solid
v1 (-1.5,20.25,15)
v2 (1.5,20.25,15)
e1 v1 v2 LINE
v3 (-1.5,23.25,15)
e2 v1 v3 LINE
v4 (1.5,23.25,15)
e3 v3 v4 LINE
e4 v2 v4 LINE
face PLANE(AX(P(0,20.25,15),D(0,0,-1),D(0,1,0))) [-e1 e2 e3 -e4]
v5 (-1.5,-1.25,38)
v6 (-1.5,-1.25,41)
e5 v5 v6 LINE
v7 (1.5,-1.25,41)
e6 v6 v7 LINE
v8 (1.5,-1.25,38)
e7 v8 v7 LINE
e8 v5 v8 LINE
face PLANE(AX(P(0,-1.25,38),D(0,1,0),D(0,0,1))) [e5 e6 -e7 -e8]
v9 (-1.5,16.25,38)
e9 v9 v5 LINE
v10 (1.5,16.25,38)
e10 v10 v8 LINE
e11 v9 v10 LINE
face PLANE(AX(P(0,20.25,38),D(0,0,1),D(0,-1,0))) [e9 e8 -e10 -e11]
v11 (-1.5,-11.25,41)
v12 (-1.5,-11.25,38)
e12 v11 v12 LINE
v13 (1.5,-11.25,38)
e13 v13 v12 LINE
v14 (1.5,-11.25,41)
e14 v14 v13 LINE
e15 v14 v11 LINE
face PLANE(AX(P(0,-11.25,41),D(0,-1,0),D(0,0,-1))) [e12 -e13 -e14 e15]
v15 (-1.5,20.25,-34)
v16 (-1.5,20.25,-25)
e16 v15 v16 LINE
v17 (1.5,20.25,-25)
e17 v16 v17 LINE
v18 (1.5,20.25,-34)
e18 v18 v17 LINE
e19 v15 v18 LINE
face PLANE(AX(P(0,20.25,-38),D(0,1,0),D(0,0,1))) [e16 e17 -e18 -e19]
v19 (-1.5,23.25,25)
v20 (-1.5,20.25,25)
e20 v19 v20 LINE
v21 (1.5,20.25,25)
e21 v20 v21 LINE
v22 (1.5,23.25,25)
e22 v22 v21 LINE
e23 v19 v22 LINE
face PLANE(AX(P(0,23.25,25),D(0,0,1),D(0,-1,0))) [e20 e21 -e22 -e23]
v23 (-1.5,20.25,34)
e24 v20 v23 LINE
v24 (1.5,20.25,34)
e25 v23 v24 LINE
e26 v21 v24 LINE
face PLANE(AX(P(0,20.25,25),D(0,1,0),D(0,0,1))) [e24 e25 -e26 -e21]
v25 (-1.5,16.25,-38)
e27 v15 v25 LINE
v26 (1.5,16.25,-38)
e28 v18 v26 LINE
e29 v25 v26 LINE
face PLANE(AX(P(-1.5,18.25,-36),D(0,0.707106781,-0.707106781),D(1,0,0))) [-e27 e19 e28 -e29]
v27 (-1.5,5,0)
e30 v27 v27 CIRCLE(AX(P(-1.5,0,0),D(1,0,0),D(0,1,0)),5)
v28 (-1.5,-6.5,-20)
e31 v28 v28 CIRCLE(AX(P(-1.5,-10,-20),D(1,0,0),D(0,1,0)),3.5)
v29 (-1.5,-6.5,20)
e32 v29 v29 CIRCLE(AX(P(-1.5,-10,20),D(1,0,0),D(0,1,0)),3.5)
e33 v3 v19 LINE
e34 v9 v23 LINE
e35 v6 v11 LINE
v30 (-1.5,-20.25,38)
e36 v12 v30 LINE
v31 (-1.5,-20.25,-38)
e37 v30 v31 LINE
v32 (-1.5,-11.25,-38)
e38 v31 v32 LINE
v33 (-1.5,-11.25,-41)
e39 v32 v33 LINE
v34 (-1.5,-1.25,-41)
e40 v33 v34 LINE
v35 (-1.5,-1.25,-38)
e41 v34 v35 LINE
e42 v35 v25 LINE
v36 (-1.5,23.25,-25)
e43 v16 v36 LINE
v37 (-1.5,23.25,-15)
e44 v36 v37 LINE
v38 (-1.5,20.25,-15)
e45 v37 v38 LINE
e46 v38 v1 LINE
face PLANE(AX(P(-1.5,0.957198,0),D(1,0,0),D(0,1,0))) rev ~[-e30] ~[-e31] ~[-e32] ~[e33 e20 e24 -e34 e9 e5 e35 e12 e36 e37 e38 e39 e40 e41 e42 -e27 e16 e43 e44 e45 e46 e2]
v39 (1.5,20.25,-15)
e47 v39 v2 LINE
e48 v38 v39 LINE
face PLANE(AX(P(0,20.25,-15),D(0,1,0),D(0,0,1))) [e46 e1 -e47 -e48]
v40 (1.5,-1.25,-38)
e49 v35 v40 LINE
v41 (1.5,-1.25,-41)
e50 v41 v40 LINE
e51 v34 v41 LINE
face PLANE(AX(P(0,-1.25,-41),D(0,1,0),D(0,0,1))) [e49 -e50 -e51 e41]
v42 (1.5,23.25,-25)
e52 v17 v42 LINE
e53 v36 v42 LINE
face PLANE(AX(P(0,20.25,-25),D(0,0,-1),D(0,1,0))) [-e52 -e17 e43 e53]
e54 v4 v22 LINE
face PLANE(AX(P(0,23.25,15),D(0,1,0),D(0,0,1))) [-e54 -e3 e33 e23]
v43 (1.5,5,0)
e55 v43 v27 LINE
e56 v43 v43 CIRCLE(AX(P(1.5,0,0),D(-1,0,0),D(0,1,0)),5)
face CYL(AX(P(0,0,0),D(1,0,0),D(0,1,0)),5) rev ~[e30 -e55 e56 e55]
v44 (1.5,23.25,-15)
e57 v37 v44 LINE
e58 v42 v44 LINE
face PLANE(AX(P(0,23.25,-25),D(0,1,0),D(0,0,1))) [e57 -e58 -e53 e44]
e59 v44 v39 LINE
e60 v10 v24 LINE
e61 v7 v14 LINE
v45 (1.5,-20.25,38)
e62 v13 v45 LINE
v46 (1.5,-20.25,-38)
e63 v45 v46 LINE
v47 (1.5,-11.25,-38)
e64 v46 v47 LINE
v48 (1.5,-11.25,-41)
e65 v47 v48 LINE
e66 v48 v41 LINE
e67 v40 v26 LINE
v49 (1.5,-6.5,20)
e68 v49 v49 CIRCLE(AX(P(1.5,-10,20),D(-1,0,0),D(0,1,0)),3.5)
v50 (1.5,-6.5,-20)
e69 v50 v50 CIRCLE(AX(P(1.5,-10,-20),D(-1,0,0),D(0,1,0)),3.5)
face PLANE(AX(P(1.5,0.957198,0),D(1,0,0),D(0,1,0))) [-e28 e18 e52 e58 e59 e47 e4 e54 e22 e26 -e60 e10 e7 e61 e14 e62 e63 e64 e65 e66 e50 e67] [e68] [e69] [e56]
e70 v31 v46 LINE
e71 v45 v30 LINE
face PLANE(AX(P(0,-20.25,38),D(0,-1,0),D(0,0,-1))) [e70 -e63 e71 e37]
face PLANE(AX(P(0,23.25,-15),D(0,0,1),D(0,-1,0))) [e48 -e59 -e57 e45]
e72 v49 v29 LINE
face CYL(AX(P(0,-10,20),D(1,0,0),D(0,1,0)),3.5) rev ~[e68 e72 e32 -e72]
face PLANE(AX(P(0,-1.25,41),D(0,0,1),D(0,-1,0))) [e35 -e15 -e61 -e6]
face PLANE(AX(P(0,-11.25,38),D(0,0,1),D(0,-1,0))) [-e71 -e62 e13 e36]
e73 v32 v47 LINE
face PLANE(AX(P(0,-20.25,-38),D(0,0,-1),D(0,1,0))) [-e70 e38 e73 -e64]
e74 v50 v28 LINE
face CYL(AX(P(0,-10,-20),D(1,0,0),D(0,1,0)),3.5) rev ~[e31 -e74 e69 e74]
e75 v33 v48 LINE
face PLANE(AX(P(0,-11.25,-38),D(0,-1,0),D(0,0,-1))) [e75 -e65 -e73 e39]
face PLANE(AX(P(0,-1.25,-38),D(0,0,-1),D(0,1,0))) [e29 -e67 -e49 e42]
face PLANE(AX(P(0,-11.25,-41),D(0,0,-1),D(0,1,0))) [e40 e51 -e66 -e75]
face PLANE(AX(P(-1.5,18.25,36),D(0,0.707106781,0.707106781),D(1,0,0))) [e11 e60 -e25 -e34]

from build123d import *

# Parameters (mm, degrees)
PAD_DEPTH         = 1.5
CHAMFER_SIZE      = 4
SKETCH001_R       = 5
SKETCH001_R_2     = 3.5
POCKET_DEPTH      = 1.501
POCKET_DEPTH_BACK = -1.501


with BuildPart() as part:
    # Sketch → Pad (new body, symmetric)
    with BuildSketch(Plane.YZ):
        Polygon((-20.25, 38), (-20.25, -38), (-11.25, -38), (-11.25, -41), (-1.25, -41), (-1.25, -38), (20.25, -38), (20.25, -25), (23.25, -25), (23.25, -15), (20.25, -15), (20.25, 15), (23.25, 15), (23.25, 25), (20.25, 25), (20.25, 38), (-1.25, 38), (-1.25, 41), (-11.25, 41), (-11.25, 38), align=None)
    extrude(amount=PAD_DEPTH, both=True)

    # Chamfer
    chamfer_edges = [part.edges().sort_by_distance(p)[0] for p in [
        (0, 20.25, 38),
        (0, 20.25, -38),
    ]]
    chamfer(chamfer_edges, length=CHAMFER_SIZE)

    # Sketch001 → Pocket (cut, two sides)
    with BuildSketch(Plane.YZ) as pocket_sk:
        Circle(SKETCH001_R)
        with Locations((-10, 20)):
            Circle(SKETCH001_R_2)
        with Locations((-10, -20)):
            Circle(SKETCH001_R_2)
    extrude(amount=-POCKET_DEPTH, mode=Mode.SUBTRACT)
    extrude(pocket_sk.sketch, amount=-POCKET_DEPTH_BACK, mode=Mode.SUBTRACT)


solid = part.part
